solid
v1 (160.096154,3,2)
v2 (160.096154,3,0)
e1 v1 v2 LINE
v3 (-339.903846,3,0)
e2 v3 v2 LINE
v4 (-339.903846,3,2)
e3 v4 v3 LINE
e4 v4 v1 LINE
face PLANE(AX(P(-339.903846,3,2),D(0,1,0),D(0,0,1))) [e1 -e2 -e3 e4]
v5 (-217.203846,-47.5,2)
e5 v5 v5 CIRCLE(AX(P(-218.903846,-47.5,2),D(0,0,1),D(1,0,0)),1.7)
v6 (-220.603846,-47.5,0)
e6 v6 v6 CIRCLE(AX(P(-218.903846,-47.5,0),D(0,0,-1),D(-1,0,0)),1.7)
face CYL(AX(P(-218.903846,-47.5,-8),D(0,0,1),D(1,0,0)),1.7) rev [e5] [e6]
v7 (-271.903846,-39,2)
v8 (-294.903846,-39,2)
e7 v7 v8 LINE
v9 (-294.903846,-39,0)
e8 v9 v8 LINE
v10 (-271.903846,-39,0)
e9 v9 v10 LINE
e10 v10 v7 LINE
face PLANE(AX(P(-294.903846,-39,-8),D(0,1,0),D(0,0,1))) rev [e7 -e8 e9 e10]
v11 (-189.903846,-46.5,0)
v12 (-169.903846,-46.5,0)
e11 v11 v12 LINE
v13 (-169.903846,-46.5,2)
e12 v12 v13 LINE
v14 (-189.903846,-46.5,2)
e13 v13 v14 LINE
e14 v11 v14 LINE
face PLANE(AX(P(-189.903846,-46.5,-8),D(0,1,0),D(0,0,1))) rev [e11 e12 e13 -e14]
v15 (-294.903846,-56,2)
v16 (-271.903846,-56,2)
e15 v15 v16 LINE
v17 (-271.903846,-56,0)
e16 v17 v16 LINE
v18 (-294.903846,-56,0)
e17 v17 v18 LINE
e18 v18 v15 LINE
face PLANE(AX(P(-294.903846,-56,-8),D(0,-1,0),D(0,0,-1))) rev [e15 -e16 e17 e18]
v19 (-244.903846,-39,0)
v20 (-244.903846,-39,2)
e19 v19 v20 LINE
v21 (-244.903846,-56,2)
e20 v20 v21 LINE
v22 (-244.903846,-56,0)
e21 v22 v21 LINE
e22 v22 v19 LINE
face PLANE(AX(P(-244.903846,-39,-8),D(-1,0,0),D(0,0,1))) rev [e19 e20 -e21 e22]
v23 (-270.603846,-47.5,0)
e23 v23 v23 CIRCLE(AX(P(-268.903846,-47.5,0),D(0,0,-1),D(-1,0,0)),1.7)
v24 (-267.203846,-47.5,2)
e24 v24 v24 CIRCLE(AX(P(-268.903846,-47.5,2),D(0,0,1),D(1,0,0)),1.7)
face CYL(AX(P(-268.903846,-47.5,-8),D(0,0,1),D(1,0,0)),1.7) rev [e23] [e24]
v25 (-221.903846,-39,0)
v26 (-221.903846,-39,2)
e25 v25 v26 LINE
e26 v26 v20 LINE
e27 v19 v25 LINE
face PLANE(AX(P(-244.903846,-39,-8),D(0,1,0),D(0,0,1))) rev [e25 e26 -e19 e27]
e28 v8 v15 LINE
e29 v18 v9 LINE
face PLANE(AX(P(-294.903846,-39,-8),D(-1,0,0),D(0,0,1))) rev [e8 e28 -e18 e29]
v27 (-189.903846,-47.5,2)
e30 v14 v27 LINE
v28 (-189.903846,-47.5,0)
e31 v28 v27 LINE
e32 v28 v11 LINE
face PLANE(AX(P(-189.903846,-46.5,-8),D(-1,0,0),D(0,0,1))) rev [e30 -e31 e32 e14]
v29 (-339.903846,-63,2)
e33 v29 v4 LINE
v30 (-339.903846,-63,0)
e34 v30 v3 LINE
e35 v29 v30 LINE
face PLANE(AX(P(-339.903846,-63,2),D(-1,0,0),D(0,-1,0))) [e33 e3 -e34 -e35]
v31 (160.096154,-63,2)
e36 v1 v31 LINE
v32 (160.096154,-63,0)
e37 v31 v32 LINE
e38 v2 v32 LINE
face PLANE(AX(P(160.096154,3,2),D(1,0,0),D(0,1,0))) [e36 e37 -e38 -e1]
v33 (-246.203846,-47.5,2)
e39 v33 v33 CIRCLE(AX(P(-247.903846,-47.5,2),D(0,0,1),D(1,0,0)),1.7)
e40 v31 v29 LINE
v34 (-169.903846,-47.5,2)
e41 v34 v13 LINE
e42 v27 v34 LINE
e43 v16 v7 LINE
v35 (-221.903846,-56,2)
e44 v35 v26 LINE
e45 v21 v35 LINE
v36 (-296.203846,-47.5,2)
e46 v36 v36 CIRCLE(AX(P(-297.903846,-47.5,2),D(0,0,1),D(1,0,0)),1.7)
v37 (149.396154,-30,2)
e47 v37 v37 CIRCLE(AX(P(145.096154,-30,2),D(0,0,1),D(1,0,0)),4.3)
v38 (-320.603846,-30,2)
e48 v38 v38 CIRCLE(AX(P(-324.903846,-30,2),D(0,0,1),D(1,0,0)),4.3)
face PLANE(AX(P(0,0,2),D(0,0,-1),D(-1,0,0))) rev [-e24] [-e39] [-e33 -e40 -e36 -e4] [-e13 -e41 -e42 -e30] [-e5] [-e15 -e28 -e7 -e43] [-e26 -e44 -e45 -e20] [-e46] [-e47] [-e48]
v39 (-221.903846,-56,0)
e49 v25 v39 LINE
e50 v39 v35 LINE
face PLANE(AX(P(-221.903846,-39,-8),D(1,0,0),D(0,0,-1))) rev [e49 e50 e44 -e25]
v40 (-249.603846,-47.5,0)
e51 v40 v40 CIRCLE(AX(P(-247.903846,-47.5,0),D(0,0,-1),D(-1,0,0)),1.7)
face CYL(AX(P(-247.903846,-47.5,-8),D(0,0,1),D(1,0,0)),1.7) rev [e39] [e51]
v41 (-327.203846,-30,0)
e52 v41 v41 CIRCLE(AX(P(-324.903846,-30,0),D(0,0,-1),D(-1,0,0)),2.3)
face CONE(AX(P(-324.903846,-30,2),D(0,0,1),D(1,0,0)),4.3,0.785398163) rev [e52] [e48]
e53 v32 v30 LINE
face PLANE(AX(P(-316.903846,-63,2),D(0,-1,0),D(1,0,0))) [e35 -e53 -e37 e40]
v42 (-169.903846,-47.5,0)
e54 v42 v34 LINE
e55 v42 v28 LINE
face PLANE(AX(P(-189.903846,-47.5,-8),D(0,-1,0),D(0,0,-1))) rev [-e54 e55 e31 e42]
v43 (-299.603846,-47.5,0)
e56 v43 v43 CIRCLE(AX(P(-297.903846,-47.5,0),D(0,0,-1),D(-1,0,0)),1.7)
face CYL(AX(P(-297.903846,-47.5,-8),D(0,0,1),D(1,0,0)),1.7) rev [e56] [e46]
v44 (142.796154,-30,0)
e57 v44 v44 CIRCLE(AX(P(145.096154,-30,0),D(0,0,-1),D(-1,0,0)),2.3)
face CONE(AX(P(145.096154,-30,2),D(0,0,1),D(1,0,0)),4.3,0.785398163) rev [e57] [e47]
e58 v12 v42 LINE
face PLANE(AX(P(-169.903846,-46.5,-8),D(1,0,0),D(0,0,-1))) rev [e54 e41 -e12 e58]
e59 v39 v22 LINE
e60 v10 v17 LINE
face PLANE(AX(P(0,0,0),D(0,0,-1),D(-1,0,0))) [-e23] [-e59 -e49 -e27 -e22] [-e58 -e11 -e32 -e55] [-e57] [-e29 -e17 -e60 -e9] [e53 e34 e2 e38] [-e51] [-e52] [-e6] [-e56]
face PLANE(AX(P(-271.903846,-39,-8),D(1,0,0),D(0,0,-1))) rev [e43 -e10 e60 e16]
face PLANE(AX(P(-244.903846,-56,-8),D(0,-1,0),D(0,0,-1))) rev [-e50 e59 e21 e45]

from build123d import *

# Parameters (mm, degrees)
AUFSATZ_LINEAR_AUSTRAGEN1_DEPTH             = 2
FORMSENKUNG_F_R_M4_SENKSCHRAUBE_MIT_2_COUNT = 2
FORMSENKUNG_F_R_M4_SENKSCHRAUBE_MIT_2_PITCH = 470
SKIZZE4_R                                   = 1.7
SKIZZE4_W                                   = 23
SKIZZE4_H                                   = 17
SKIZZE4_W_2                                 = 20
SKIZZE4_H_2                                 = 1
SCHNITT_LINEAR_AUSTRAGEN1_DEPTH             = 10
SKIZZE7_W                                   = 500
SKIZZE7_H                                   = 8
SCHNITT_LINEAR_AUSTRAGEN3_DEPTH             = 10


with BuildPart() as part:
    # Skizze1 → Aufsatz-Linear austragen1 (new body)
    with BuildSketch(Plane.XY):
        Polygon((-339.903846154, 3), (160.096153846, 3), (160.096153846, -63), (130.094653846, -63), (130.094653846, -71), (-309.902346154, -71), (-309.902346154, -63), (-316.903846154, -63), (-339.903846154, -63), align=None)
    extrude(amount=AUFSATZ_LINEAR_AUSTRAGEN1_DEPTH)

    # Skizze3 → Formsenkung für M4 Senkschraube mit Innensechskant1 (revolve, cut)
    with BuildSketch(Plane(origin=(145.096153846, -30, 2), x_dir=(0, -1, 0), z_dir=(1, 0, 0))):
        Polygon((0, 0), (0, 2), (2.25, 2), (2.25, 2.05), (4.3, 0), align=None)
    formsenkung_f_r_m4_senkschraube_mit_inne = revolve(axis=Axis((145.096153846, -30, 8.35), (0, 0, -1)), mode=Mode.SUBTRACT)

    # Formsenkung f_r M4 Senkschraube mit  2: Formsenkung für M4 Senkschraube mit Innensechskant1 ×2
    with Locations(*[(-i * FORMSENKUNG_F_R_M4_SENKSCHRAUBE_MIT_2_PITCH, 0, 0) for i in range(1, FORMSENKUNG_F_R_M4_SENKSCHRAUBE_MIT_2_COUNT)]):
        add(formsenkung_f_r_m4_senkschraube_mit_inne, mode=Mode.SUBTRACT)

    # Skizze4 → Schnitt-Linear austragen1 (cut)
    with BuildSketch(Plane.XY.offset(2)):
        with Locations((-268.903846154, -47.5)):
            Circle(SKIZZE4_R)
        with Locations((-297.903846154, -47.5)):
            Circle(SKIZZE4_R)
        with Locations((-218.903846154, -47.5)):
            Circle(SKIZZE4_R)
        with Locations((-247.903846154, -47.5)):
            Circle(SKIZZE4_R)
        with Locations((-283.403846154, -47.5)):
            Rectangle(SKIZZE4_W, SKIZZE4_H)
        with Locations((-179.903846154, -47)):
            Rectangle(SKIZZE4_W_2, SKIZZE4_H_2)
        with Locations((-233.403846154, -47.5)):
            Rectangle(SKIZZE4_W, SKIZZE4_H)
    extrude(amount=-SCHNITT_LINEAR_AUSTRAGEN1_DEPTH, mode=Mode.SUBTRACT)

    # Skizze7 → Schnitt-Linear austragen3 (cut)
    with BuildSketch(Plane(origin=(0, 0, 0), x_dir=(-1, 0, 0), z_dir=(0, 0, -1))):
        with Locations((89.903846154, -67)):
            Rectangle(SKIZZE7_W, SKIZZE7_H)
    extrude(amount=-SCHNITT_LINEAR_AUSTRAGEN3_DEPTH, mode=Mode.SUBTRACT)


solid = part.part
